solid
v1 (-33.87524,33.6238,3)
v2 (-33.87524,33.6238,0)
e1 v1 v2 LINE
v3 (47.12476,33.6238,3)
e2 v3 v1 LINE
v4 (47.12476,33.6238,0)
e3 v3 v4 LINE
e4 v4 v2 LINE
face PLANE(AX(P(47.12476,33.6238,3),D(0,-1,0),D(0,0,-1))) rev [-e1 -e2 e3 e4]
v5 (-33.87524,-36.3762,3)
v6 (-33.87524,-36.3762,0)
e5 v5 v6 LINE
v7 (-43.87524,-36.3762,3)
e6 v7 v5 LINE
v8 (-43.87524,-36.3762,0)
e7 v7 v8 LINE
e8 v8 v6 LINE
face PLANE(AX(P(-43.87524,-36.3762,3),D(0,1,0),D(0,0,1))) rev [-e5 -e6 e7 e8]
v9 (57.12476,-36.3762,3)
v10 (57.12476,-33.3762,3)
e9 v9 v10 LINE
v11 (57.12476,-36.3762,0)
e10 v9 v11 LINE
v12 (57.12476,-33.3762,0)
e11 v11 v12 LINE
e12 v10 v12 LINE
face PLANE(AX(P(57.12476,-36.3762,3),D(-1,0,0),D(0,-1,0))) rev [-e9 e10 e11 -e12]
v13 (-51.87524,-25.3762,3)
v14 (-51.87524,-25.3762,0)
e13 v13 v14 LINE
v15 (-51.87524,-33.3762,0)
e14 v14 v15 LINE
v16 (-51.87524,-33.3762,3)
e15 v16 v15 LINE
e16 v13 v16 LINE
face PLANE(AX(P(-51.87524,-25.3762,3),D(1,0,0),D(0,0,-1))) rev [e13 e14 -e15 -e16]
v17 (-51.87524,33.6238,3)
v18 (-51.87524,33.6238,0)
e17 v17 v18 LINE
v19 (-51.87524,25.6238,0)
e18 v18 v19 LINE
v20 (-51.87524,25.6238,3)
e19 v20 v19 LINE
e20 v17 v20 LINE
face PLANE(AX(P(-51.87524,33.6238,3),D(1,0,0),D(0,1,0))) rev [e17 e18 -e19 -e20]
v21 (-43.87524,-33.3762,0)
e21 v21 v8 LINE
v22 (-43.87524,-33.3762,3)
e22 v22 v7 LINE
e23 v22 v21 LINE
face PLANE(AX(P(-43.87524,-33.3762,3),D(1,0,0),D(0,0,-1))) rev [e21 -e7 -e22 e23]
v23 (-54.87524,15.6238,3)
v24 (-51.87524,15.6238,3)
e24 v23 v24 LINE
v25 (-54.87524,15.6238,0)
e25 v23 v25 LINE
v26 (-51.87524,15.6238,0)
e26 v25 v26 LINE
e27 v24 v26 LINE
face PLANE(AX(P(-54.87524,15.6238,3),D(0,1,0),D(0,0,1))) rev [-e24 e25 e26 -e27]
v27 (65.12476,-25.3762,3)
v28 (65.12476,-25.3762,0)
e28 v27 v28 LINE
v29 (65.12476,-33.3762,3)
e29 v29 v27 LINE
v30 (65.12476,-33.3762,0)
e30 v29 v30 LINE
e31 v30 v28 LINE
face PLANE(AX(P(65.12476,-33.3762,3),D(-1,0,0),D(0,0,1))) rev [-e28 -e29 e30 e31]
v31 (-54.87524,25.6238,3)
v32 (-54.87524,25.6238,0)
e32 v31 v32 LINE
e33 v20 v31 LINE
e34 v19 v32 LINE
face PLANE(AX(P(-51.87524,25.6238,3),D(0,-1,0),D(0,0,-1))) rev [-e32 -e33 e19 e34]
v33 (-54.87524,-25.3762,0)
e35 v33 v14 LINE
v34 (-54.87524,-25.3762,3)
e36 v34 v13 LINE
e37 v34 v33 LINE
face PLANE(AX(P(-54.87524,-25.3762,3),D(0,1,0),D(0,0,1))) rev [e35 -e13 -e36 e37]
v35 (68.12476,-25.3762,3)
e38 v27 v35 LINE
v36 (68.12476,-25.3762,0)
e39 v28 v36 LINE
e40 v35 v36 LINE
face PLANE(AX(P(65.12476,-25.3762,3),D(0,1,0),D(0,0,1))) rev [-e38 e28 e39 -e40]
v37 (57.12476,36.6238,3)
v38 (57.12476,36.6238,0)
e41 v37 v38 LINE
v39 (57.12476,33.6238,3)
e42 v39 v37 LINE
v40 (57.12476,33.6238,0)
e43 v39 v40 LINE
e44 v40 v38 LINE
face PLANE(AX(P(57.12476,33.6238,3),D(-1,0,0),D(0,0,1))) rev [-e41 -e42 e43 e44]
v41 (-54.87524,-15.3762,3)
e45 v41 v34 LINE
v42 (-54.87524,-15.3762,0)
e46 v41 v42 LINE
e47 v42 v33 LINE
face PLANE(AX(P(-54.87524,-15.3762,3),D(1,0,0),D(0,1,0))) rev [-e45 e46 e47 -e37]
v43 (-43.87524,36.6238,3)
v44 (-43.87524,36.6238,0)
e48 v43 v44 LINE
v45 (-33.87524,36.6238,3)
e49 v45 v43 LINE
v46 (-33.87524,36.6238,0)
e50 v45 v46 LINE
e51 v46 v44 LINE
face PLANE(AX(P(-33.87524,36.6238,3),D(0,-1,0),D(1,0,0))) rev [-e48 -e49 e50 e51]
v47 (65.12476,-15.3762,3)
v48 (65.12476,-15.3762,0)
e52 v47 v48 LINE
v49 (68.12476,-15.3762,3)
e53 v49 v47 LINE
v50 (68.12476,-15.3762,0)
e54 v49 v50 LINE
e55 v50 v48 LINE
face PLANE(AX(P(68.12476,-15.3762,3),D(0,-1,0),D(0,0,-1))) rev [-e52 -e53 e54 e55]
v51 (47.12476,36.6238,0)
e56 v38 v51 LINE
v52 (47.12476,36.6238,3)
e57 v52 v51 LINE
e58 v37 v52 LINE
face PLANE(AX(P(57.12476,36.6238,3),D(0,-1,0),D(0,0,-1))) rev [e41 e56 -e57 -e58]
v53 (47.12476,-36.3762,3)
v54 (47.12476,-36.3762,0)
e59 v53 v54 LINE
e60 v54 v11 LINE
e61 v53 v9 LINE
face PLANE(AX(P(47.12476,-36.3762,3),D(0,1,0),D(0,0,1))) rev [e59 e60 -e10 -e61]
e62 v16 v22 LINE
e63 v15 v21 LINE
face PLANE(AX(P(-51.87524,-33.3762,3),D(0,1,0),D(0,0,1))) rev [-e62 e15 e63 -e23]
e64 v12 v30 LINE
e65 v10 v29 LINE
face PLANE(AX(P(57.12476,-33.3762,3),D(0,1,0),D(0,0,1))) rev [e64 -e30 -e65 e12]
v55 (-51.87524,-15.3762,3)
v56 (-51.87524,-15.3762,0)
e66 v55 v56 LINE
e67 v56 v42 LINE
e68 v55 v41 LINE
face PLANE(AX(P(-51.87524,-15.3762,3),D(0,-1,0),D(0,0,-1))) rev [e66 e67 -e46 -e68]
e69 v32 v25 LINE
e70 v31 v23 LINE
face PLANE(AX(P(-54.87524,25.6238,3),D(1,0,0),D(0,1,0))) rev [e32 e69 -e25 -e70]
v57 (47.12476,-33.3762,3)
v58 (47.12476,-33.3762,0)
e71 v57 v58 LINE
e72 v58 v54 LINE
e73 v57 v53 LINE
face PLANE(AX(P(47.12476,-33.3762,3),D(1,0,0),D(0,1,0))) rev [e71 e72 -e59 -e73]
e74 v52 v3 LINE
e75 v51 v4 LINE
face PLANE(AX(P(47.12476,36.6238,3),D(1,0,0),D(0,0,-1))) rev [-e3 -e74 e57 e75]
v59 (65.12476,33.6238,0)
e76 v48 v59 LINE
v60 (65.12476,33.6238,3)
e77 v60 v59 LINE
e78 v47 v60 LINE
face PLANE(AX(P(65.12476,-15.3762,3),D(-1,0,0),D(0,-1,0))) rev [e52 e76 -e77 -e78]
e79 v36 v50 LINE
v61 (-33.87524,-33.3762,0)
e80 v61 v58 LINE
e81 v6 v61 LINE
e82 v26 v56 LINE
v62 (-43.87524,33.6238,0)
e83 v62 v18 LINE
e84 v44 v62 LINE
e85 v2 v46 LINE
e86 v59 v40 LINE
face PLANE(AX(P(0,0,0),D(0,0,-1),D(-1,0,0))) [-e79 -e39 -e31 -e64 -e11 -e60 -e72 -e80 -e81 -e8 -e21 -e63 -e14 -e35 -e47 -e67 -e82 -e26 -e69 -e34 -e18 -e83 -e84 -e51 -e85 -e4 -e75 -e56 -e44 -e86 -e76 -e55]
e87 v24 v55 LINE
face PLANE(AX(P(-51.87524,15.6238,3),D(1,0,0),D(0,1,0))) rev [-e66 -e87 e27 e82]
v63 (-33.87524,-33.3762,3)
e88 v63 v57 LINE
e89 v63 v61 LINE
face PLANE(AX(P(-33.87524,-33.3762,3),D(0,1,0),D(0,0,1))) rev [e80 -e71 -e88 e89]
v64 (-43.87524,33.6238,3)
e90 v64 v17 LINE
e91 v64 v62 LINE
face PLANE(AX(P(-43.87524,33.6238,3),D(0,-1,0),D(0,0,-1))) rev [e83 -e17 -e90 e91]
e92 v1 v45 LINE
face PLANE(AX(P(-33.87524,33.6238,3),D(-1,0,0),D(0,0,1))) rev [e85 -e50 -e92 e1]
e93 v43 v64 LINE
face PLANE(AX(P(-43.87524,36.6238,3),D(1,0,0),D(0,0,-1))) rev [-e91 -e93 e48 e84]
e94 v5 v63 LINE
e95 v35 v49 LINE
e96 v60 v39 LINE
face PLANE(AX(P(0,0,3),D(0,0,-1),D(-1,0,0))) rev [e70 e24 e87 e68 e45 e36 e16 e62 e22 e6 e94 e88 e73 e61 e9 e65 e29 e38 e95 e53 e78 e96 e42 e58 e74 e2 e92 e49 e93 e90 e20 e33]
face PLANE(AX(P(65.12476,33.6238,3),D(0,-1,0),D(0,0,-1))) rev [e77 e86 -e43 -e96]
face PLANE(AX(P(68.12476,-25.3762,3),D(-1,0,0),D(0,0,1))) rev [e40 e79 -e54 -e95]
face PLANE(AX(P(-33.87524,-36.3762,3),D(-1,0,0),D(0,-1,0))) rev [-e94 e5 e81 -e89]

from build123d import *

# Parameters (mm, degrees)
SALIENTE_EXTRUIR1_DEPTH = 3


with BuildPart() as part:
    # Croquis1 → Saliente-Extruir1 (new body)
    with BuildSketch(Plane.XY):
        Polygon((65.124760077, 33.623800384), (57.124760077, 33.623800384), (57.124760077, 36.623800384), (47.124760077, 36.623800384), (47.124760077, 33.623800384), (-33.875239923, 33.623800384), (-33.875239923, 36.623800384), (-43.875239923, 36.623800384), (-43.875239923, 33.623800384), (-51.875239923, 33.623800384), (-51.875239923, 25.623800384), (-54.875239923, 25.623800384), (-54.875239923, 15.623800384), (-51.875239923, 15.623800384), (-51.875239923, -15.376199616), (-54.875239923, -15.376199616), (-54.875239923, -25.376199616), (-51.875239923, -25.376199616), (-51.875239923, -33.376199616), (-43.875239923, -33.376199616), (-43.875239923, -36.376199616), (-33.875239923, -36.376199616), (-33.875239923, -33.376199616), (47.124760077, -33.376199616), (47.124760077, -36.376199616), (57.124760077, -36.376199616), (57.124760077, -33.376199616), (65.124760077, -33.376199616), (65.124760077, -25.376199616), (68.124760077, -25.376199616), (68.124760077, -15.376199616), (65.124760077, -15.376199616), align=None)
    extrude(amount=SALIENTE_EXTRUIR1_DEPTH)


solid = part.part
